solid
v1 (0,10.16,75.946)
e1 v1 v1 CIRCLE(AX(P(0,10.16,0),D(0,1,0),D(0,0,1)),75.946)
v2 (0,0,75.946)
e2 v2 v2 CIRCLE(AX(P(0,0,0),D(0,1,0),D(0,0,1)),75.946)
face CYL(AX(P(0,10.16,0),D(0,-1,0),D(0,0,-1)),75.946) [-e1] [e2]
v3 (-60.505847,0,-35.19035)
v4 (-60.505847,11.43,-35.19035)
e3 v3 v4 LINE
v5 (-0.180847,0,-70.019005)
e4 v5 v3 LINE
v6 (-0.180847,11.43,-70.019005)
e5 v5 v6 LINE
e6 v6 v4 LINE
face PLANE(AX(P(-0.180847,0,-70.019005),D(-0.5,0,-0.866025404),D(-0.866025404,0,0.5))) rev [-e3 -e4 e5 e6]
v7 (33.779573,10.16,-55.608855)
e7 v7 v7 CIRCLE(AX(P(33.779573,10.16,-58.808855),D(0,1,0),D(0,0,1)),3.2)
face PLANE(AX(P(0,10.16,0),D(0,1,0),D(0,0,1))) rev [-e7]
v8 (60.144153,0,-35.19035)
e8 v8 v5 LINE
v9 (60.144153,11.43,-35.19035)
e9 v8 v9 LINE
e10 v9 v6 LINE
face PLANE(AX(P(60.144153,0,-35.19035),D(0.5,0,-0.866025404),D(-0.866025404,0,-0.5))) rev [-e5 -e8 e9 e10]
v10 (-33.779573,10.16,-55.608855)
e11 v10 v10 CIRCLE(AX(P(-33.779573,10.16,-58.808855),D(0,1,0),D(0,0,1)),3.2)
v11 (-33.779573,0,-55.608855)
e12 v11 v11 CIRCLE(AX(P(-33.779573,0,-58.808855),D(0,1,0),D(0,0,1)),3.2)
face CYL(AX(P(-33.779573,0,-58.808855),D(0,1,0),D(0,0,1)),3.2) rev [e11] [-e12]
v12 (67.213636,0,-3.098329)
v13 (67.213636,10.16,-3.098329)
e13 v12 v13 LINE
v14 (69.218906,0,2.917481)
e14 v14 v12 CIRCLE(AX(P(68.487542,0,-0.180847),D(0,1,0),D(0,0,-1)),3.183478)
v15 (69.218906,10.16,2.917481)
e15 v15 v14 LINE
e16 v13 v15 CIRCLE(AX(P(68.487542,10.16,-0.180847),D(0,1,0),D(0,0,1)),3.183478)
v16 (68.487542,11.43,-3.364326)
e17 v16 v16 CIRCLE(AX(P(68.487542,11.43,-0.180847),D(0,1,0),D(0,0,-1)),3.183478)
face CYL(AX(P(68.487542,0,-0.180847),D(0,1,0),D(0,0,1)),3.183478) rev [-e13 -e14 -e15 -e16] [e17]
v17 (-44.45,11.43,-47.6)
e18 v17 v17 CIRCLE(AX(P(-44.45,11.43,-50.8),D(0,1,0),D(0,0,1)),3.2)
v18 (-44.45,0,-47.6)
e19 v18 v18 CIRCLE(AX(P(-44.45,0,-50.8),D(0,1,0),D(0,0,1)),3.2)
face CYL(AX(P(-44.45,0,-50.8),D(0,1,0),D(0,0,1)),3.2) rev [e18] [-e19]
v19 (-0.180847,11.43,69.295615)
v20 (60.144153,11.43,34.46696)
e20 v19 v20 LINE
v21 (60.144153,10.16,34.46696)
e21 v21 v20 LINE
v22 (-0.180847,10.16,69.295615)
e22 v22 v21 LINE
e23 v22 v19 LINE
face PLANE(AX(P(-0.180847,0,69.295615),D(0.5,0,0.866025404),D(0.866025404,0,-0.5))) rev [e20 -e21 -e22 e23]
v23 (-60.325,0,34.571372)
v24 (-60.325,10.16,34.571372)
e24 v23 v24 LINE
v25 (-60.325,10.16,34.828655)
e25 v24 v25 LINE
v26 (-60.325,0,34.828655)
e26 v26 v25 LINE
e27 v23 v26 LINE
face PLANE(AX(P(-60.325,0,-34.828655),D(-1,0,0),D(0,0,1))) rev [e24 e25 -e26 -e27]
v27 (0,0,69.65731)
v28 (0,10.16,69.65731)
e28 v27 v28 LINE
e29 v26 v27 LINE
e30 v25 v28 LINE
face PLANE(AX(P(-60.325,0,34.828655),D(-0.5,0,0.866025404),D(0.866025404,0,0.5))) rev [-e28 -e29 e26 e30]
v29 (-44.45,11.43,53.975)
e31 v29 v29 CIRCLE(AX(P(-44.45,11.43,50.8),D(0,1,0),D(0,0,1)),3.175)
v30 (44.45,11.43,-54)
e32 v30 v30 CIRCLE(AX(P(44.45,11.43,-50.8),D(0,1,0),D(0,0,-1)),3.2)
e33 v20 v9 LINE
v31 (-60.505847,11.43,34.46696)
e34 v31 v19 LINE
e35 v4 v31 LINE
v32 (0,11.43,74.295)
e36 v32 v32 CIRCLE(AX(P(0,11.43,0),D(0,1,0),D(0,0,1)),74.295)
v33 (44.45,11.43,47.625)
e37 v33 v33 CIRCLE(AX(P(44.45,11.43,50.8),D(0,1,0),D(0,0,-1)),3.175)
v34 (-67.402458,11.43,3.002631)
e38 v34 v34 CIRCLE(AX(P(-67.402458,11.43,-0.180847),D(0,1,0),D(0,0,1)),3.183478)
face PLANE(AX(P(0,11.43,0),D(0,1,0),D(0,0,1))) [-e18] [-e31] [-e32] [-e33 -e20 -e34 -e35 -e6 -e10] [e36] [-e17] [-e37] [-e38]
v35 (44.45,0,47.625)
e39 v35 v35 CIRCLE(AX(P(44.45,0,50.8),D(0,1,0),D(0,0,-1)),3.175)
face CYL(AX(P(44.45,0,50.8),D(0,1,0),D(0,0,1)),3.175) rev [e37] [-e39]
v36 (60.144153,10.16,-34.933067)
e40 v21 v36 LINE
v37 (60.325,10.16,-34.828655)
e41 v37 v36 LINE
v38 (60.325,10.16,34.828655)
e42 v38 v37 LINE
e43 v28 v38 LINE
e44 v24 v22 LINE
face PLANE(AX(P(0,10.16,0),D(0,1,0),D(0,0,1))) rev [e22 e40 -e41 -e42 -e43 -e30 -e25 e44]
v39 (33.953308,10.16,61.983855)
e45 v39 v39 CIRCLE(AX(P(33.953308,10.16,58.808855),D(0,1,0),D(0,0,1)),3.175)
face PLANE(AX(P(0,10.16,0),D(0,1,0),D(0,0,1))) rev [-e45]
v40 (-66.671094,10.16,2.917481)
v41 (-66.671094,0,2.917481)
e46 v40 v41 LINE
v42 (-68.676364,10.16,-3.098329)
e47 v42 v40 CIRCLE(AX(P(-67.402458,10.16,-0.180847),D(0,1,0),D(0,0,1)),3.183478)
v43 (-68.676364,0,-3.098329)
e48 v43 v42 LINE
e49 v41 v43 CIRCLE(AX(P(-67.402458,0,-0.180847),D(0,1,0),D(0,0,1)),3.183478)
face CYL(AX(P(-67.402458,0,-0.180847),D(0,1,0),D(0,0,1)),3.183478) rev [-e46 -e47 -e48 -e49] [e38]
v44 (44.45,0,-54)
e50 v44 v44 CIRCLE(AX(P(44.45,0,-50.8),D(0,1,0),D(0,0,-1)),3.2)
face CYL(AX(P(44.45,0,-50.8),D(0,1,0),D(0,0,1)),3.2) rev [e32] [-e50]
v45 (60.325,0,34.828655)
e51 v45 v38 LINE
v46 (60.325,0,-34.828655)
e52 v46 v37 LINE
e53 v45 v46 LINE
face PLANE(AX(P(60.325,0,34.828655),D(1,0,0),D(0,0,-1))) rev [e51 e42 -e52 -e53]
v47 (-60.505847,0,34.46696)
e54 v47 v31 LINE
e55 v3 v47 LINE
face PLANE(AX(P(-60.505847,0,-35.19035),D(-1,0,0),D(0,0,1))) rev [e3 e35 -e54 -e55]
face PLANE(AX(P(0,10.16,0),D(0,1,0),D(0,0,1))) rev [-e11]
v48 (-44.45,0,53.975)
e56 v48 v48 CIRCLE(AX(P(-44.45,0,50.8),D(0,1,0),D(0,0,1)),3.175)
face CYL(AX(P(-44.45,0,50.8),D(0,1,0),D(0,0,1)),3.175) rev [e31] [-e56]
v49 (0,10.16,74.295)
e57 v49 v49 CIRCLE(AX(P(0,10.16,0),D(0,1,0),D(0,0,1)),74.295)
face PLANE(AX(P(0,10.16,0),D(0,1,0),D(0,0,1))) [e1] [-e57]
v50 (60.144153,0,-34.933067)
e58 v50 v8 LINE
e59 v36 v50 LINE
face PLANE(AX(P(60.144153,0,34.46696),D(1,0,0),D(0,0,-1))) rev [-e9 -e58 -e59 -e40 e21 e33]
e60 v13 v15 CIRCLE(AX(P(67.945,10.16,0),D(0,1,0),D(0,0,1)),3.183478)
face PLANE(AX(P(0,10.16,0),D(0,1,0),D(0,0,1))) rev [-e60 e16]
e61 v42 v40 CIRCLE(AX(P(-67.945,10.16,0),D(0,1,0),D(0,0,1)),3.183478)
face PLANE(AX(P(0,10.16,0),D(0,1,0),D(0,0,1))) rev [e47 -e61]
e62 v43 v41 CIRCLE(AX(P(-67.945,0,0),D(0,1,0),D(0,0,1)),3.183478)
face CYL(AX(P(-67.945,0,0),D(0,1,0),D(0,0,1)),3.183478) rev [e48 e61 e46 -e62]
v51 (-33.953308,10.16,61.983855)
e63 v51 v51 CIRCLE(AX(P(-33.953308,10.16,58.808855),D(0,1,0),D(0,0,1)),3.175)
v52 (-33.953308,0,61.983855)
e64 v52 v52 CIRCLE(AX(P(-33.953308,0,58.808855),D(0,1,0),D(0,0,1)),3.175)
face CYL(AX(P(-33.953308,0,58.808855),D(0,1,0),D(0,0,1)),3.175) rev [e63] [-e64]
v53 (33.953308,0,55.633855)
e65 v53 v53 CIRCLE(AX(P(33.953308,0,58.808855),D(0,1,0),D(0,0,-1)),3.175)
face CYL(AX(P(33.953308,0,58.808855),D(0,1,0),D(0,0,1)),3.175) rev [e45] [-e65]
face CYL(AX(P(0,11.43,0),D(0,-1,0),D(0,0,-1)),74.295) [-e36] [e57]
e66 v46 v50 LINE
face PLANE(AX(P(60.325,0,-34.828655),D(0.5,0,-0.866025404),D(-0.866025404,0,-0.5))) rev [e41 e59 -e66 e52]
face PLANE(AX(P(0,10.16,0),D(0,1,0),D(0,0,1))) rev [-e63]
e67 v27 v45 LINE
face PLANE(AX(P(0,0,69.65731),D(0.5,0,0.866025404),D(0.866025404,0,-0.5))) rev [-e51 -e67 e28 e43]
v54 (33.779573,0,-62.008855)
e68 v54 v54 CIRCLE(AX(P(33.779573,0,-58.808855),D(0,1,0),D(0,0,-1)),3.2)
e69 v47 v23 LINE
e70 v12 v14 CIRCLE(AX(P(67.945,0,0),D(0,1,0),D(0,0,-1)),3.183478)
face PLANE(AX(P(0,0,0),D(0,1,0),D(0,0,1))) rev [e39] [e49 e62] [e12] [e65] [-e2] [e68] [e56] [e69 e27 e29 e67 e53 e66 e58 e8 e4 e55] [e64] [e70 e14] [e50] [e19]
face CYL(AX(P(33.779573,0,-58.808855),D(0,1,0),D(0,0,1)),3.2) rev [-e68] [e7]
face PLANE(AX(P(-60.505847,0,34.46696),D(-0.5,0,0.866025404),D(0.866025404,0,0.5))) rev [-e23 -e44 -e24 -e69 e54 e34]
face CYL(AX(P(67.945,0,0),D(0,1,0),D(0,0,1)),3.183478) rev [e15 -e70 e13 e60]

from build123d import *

# Parameters (mm, degrees)
SKETCH1_R               = 75.946
BOSS_EXTRUDE1_DEPTH     = 10.16
CUT_EXTRUDE4_DEPTH      = 11.16
SKETCH6_R               = 3.183478234
SKETCH6_R_2             = 3.2
SKETCH6_R_3             = 3.175
CUT_EXTRUDE5_DEPTH      = 1
CUT_EXTRUDE5_DEPTH_BACK = 11.16
SKETCH7_R               = 74.295
BOSS_EXTRUDE2_DEPTH     = 1.27
SKETCH8_R               = 3.183478234
SKETCH8_R_2             = 3.2
SKETCH8_R_3             = 3.175
CUT_EXTRUDE6_DEPTH      = 12.43
CUT_EXTRUDE7_DEPTH      = 12.43


with BuildPart() as part:
    # Sketch1 → Boss-Extrude1 (new body)
    with BuildSketch(Plane(origin=(0, 0, 0), x_dir=(1, 0, 0), z_dir=(0, 1, 0))):
        Circle(SKETCH1_R)
    extrude(amount=BOSS_EXTRUDE1_DEPTH)

    # Sketch5 → Cut-Extrude4 (cut, through all)
    with BuildSketch(Plane(origin=(0, 10.16, 0), x_dir=(1, 0, 0), z_dir=(0, 1, 0))):
        Polygon((0, 69.657309978), (-60.325, 34.828654989), (-60.325, -34.828654989), (0, -69.657309978), (60.325, -34.828654989), (60.325, 34.828654989), align=None)
    extrude(amount=-CUT_EXTRUDE4_DEPTH, mode=Mode.SUBTRACT)

    # Sketch6 → Cut-Extrude5 (cut, two sides)
    with BuildSketch(Plane(origin=(0, 10.16, 0), x_dir=(1, 0, 0), z_dir=(0, 1, 0))) as cut_extrude5_sk:
        with Locations((-67.945, 0)):
            Circle(SKETCH6_R)
        with Locations((-33.779572603, 58.808854795)):
            Circle(SKETCH6_R_2)
        with Locations((-33.953308147, -58.808854795)):
            Circle(SKETCH6_R_3)
        with Locations((33.953308147, -58.808854795)):
            Circle(SKETCH6_R_3)
        with Locations((67.945, 0)):
            Circle(SKETCH6_R)
        with Locations((33.779572603, 58.808854795)):
            Circle(SKETCH6_R_2)
    extrude(amount=CUT_EXTRUDE5_DEPTH, mode=Mode.SUBTRACT)
    extrude(cut_extrude5_sk.sketch, amount=-CUT_EXTRUDE5_DEPTH_BACK, mode=Mode.SUBTRACT)

    # Sketch7 → Boss-Extrude2 (add)
    with BuildSketch(Plane(origin=(0, 10.16, 0), x_dir=(1, 0, 0), z_dir=(0, 1, 0))):
        Circle(SKETCH7_R)
    extrude(amount=BOSS_EXTRUDE2_DEPTH)

    # Sketch8 → Cut-Extrude6 (cut, through all)
    with BuildSketch(Plane(origin=(0, 11.43, 0), x_dir=(1, 0, 0), z_dir=(0, 1, 0))):
        with Locations((-67.402457705, 0.180847432)):
            Circle(SKETCH8_R)
        with Locations((-44.45, 50.8)):
            Circle(SKETCH8_R_2)
        with Locations((-44.45, -50.8)):
            Circle(SKETCH8_R_3)
        with Locations((44.45, -50.8)):
            Circle(SKETCH8_R_3)
        with Locations((68.487542295, 0.180847432)):
            Circle(SKETCH8_R)
        with Locations((44.45, 50.8)):
            Circle(SKETCH8_R_2)
    extrude(amount=-CUT_EXTRUDE6_DEPTH, mode=Mode.SUBTRACT)

    # Sketch9 → Cut-Extrude7 (cut, through all)
    with BuildSketch(Plane(origin=(0, 11.43, 0), x_dir=(1, 0, 0), z_dir=(0, 1, 0))):
        Polygon((-0.180847432, 70.019004841), (-60.505847432, 35.190349852), (-60.505847432, -34.466960125), (-0.180847432, -69.295615114), (60.144152568, -34.466960125), (60.144152568, 35.190349852), align=None)
    extrude(amount=-CUT_EXTRUDE7_DEPTH, mode=Mode.SUBTRACT)


solid = part.part
